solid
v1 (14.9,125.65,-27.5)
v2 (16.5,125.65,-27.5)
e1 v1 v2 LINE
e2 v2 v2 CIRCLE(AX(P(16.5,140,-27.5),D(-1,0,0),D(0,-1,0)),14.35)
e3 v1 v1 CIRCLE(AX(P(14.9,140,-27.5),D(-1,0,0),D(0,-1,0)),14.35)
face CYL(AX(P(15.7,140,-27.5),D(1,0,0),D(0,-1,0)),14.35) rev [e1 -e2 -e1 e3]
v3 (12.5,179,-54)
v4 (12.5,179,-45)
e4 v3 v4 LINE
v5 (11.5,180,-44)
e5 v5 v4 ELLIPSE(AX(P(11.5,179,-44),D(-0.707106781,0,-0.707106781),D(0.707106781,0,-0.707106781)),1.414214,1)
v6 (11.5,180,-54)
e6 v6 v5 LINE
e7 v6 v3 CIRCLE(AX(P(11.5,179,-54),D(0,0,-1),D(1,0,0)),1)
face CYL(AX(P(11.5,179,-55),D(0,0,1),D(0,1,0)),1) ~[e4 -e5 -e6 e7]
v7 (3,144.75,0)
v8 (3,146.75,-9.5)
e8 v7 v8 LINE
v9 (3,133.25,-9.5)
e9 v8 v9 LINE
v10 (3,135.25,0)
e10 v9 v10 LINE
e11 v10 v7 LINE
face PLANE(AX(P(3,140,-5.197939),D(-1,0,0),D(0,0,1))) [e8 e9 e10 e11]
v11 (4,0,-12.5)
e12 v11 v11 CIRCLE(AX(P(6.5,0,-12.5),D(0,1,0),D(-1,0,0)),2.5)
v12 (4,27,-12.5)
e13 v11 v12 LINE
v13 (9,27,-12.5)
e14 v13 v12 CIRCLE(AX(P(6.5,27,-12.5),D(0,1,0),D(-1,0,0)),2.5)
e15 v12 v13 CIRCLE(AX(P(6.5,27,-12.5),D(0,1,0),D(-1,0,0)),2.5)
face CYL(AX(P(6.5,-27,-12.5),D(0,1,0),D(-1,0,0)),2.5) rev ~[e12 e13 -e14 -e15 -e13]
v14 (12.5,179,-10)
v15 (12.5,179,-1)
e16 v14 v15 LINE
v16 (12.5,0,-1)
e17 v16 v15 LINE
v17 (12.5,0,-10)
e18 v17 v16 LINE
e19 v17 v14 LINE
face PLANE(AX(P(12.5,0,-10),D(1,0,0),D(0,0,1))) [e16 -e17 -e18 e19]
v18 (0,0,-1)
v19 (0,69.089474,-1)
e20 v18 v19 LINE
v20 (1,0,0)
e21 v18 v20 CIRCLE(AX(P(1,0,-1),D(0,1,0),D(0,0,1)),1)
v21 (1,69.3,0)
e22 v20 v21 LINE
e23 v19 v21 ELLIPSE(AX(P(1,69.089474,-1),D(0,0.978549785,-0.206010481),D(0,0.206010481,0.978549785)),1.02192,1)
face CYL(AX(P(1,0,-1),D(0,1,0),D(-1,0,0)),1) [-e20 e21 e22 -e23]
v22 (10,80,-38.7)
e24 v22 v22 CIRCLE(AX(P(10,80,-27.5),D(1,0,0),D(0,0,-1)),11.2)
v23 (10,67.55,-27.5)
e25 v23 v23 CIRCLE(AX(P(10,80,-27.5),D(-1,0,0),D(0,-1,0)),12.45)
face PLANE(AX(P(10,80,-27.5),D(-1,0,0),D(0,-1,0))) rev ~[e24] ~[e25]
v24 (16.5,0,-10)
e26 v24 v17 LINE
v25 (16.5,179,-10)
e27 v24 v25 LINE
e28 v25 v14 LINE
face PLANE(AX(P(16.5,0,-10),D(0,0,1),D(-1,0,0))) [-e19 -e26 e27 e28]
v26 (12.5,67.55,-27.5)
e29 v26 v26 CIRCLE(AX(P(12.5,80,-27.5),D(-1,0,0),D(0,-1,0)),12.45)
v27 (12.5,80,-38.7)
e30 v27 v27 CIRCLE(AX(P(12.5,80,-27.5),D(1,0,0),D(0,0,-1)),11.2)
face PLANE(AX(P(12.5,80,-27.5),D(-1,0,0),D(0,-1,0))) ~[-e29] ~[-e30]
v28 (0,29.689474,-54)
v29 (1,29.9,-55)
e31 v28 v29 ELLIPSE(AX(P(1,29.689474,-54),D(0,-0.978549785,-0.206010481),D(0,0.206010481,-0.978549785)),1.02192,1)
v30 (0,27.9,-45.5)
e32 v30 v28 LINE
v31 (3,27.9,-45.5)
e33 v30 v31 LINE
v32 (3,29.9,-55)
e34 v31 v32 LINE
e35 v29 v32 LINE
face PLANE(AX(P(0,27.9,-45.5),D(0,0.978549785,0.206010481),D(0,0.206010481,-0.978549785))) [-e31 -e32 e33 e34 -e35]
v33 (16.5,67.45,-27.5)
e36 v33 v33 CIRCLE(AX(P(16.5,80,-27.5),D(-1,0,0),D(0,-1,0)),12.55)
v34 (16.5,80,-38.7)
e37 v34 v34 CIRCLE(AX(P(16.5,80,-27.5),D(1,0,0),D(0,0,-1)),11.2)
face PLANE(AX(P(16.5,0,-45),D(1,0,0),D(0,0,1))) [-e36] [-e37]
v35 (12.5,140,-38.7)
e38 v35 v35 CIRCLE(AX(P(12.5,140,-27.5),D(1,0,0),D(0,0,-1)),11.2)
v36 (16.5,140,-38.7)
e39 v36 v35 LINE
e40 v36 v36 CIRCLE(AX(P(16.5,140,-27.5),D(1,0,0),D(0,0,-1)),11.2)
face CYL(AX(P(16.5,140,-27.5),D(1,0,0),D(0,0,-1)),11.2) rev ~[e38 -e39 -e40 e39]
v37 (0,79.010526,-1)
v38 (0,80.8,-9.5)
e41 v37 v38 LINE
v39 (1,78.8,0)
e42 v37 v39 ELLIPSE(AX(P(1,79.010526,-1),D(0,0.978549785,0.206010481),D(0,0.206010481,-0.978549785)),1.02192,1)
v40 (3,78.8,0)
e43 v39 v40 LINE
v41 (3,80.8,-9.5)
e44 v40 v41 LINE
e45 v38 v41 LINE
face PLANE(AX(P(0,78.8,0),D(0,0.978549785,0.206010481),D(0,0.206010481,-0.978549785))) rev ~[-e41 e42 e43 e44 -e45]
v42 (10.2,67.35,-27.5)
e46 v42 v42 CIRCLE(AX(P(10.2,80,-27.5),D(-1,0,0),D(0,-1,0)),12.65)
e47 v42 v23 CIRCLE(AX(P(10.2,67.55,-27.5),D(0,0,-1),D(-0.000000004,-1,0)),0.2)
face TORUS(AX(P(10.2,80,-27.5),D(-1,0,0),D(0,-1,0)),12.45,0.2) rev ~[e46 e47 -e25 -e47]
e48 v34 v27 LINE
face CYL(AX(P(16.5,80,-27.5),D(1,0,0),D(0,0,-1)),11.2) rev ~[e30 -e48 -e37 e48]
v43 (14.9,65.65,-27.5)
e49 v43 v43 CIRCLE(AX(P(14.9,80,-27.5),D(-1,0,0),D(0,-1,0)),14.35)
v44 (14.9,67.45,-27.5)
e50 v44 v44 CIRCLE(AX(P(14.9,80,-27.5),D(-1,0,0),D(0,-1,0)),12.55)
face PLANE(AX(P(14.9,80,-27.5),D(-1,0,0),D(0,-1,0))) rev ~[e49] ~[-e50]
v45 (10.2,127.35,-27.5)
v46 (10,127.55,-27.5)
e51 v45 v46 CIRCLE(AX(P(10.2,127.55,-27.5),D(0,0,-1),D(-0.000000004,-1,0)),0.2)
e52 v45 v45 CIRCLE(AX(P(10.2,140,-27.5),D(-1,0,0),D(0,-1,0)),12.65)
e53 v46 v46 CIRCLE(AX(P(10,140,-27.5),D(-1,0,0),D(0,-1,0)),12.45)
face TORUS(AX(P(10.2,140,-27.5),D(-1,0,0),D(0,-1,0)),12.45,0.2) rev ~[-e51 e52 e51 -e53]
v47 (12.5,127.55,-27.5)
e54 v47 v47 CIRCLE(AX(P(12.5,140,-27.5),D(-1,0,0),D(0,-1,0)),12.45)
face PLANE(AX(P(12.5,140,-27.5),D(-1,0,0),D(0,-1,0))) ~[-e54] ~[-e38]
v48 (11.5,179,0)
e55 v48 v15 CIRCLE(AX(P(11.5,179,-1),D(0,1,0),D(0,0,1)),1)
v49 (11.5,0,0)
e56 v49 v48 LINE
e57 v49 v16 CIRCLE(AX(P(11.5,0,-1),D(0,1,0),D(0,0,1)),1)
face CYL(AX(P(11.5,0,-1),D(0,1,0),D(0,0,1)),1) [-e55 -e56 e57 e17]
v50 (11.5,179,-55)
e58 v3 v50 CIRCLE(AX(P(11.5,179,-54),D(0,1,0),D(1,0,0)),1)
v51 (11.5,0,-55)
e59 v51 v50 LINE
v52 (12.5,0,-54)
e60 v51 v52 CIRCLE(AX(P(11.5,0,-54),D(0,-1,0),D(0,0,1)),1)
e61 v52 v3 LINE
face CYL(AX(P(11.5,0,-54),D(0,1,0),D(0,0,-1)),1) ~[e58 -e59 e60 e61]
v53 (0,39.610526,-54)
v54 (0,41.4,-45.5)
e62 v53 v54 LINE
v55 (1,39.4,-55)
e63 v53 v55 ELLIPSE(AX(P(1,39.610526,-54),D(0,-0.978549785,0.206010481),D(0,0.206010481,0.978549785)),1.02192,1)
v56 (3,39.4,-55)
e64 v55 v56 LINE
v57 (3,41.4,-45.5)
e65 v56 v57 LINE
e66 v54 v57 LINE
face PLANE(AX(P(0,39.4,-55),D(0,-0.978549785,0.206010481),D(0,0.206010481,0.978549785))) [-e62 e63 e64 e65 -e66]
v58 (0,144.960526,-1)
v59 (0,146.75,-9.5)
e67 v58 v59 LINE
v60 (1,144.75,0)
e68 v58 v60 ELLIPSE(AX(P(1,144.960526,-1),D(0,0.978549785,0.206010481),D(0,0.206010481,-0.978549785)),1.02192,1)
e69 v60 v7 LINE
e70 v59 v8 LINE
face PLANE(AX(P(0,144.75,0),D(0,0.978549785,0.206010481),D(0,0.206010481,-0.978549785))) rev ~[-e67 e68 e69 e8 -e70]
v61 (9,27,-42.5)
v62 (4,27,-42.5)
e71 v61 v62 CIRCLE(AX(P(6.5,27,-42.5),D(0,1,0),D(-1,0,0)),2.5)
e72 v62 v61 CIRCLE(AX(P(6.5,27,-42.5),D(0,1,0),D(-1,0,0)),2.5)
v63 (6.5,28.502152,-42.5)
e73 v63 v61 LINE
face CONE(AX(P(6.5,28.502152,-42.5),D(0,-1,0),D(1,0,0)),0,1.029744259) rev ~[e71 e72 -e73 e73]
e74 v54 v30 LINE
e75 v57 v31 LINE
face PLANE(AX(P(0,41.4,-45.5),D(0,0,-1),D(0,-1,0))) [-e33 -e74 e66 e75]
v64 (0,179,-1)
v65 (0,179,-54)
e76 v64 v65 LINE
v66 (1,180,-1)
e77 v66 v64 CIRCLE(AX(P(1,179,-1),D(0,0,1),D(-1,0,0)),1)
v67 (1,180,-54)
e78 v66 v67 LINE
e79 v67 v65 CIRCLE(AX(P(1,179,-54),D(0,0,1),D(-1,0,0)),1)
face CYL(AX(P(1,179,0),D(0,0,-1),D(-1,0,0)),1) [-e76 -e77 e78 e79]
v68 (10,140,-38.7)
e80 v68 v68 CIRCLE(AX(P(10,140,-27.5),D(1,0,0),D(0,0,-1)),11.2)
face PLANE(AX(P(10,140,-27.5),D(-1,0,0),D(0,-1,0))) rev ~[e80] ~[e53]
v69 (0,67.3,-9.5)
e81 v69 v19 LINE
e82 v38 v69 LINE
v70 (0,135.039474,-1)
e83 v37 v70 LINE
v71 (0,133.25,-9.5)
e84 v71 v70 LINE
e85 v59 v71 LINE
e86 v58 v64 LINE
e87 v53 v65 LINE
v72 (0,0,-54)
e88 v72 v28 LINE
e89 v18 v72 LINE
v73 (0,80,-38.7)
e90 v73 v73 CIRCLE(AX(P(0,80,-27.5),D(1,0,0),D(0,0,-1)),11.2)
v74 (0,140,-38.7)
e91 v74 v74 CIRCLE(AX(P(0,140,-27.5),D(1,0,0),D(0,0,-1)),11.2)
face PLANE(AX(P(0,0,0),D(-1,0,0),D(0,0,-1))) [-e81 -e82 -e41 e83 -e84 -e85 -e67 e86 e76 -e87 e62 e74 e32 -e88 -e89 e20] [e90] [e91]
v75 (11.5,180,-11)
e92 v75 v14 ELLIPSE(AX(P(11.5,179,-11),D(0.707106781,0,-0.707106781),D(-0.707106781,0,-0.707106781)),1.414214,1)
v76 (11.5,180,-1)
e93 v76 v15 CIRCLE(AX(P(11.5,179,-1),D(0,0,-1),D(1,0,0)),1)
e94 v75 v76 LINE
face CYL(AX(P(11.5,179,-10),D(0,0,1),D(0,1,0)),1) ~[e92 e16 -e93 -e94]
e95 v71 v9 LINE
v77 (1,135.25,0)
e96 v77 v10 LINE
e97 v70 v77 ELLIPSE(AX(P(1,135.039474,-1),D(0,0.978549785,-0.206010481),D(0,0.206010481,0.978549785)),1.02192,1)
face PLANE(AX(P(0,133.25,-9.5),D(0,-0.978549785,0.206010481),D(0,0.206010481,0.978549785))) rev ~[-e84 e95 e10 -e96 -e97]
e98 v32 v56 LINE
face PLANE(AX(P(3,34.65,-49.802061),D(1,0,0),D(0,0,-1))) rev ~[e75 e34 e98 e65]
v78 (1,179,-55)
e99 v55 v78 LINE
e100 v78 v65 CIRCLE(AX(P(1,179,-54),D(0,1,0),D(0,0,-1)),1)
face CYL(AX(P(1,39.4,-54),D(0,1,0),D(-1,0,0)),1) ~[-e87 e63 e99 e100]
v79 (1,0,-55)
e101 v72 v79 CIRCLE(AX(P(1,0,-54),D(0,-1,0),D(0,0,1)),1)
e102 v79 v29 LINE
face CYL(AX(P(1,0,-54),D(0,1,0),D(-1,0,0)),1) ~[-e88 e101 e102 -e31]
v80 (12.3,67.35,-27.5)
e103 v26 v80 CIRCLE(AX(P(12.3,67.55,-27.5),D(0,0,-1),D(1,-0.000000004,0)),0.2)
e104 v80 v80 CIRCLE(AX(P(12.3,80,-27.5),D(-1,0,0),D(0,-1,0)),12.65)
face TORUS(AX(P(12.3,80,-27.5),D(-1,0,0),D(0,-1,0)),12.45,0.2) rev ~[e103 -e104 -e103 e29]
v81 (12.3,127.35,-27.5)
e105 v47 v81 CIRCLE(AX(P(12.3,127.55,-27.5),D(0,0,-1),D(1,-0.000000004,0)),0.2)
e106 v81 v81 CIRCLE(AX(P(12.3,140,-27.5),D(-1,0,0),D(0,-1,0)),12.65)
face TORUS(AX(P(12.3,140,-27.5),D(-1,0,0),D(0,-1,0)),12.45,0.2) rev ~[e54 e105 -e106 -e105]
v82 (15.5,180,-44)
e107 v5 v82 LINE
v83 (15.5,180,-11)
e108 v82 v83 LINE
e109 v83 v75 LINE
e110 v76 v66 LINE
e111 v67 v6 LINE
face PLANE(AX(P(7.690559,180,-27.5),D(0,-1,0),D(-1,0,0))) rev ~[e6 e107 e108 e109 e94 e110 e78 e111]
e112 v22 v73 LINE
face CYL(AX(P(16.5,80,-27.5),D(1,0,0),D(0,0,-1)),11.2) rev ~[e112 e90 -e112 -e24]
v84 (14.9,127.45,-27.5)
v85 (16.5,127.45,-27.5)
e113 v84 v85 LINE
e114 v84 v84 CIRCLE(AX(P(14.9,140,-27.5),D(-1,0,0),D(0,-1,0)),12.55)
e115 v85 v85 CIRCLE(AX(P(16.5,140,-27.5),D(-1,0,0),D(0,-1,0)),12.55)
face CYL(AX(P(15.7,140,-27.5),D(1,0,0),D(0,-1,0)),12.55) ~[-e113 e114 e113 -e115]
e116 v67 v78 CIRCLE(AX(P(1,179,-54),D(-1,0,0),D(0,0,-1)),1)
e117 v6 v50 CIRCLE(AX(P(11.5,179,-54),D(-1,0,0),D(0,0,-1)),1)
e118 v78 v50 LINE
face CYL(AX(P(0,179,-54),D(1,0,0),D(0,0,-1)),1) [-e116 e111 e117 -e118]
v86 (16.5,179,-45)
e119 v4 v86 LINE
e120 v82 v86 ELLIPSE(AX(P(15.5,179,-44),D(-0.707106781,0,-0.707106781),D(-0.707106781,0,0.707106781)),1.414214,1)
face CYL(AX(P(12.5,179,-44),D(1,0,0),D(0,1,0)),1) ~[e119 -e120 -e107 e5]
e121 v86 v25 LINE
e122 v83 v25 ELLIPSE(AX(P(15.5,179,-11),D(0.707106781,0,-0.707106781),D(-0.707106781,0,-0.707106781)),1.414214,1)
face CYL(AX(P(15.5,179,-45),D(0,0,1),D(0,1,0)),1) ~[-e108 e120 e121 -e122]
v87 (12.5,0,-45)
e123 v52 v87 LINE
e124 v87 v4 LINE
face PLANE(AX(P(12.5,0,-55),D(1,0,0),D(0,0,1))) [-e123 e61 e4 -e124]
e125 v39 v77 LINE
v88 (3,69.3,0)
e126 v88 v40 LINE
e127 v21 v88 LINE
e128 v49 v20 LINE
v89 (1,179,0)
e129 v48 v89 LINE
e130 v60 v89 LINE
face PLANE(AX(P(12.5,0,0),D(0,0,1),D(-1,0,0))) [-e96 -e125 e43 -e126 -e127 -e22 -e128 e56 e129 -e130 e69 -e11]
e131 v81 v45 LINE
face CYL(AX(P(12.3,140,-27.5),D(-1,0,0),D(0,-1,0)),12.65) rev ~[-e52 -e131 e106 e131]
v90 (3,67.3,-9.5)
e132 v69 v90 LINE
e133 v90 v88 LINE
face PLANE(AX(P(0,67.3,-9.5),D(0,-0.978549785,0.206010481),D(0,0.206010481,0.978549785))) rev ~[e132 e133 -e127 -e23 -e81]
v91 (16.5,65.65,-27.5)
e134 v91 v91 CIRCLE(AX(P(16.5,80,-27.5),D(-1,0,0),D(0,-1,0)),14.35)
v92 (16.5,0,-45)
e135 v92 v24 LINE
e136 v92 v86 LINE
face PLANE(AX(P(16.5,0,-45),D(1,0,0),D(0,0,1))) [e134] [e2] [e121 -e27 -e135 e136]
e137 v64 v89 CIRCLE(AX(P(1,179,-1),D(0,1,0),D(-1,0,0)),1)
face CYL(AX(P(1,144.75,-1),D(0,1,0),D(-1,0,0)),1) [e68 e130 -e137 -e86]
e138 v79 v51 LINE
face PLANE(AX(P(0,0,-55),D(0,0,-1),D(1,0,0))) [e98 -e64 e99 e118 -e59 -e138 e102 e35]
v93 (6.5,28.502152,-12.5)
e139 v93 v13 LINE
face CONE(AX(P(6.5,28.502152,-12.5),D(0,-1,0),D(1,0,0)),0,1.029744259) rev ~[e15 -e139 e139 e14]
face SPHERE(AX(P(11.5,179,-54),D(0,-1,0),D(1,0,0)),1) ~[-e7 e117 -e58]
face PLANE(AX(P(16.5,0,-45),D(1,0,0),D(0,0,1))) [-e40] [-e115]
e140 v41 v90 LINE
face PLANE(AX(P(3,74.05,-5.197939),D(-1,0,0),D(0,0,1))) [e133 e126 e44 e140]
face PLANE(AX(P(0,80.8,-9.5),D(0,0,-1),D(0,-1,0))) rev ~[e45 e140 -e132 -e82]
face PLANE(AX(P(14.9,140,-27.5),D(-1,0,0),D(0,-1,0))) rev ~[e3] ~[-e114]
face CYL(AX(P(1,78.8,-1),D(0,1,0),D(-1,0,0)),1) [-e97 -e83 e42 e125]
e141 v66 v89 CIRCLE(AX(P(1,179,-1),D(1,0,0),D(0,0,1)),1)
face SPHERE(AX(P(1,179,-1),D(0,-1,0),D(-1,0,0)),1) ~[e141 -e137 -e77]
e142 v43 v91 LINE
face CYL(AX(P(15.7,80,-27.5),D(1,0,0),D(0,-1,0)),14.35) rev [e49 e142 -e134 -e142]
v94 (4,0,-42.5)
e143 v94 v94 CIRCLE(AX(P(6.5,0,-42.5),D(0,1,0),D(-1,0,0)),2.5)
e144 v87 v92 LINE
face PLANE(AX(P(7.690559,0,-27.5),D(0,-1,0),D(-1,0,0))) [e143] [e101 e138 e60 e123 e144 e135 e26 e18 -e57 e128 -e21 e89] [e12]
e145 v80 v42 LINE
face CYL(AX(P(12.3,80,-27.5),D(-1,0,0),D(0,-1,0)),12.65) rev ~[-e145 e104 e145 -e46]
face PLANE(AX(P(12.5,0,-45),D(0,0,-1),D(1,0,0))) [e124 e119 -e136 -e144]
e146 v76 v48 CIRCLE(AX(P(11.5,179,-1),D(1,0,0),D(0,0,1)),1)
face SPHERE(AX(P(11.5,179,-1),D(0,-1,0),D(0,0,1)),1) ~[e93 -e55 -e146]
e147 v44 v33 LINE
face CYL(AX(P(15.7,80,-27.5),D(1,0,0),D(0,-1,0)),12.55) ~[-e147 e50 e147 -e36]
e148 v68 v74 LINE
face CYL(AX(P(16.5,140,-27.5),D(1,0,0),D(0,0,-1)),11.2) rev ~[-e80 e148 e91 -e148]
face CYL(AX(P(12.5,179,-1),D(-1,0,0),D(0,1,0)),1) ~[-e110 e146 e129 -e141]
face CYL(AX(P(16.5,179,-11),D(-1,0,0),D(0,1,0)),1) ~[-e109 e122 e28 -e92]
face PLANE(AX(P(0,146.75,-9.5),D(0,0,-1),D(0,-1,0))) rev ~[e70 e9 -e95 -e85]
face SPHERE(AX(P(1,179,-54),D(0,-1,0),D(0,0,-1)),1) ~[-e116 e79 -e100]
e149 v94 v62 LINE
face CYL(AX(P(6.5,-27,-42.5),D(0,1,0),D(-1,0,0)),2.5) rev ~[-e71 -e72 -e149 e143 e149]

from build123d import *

# Parameters (mm, degrees)
BOSS_EXTRUDE1_DEPTH   = 180
SKETCH3_R             = 11.2
CUT_EXTRUDE1_DEPTH    = 17.5
SKETCH11_W            = 1.6
SKETCH11_H            = 1.8
LPATTERN1_COUNT       = 2
LPATTERN1_PITCH       = 60
M6_TAPPED_HOLE1_D     = 5
M6_TAPPED_HOLE1_DEPTH = 27
M6_TAPPED_HOLE1_TIP   = 1.502151548
CUT_EXTRUDE2_DEPTH    = 3
FILLET1_R             = 1


with BuildPart() as part:
    # Sketch1 → Boss-Extrude1 (new body)
    with BuildSketch(Plane(origin=(0, 0, 0), x_dir=(1, 0, 0), z_dir=(0, 1, 0))):
        Polygon((0, 0), (0, 55), (12.5, 55), (12.5, 45), (16.5, 45), (16.5, 10), (12.5, 10), (12.5, 0), align=None)
    extrude(amount=BOSS_EXTRUDE1_DEPTH)

    # Sketch3 → Cut-Extrude1 (cut, through all)
    with BuildSketch(Plane(origin=(16.5, 0, 0), x_dir=(0, 0, -1), z_dir=(1, 0, 0))):
        with Locations((27.5, 80)):
            Circle(SKETCH3_R)
    cut_extrude1 = extrude(amount=-CUT_EXTRUDE1_DEPTH, mode=Mode.SUBTRACT)

    # Sketch11 → Cut-Revolve1 (revolve, cut)
    with BuildSketch(Plane.XY.offset(-27.5)):
        with BuildLine():
            Line((10, 69.15), (12.5, 69.15))
            Line((12.5, 69.15), (12.5, 67.55))
            ThreePointArc((12.5, 67.55), (12.441421356, 67.408578644), (12.3, 67.35))
            Line((12.3, 67.35), (10.2, 67.35))
            ThreePointArc((10.2, 67.35), (10.058578644, 67.408578644), (10, 67.55))
            Line((10, 67.55), (10, 69.15))
        make_face()
        with Locations((15.7, 66.55)):
            Rectangle(SKETCH11_W, SKETCH11_H)
    cut_revolve1 = revolve(axis=Axis((16.5, 80, -27.5), (-1, 0, 0)), mode=Mode.SUBTRACT)

    # LPattern1: Cut-Extrude1, Cut-Revolve1 ×2
    with Locations(*[(0, i * LPATTERN1_PITCH, 0) for i in range(1, LPATTERN1_COUNT)]):
        add(cut_extrude1, mode=Mode.SUBTRACT)
        add(cut_revolve1, mode=Mode.SUBTRACT)

    # M6 Tapped Hole1
    with Locations(Plane.XZ):
        with Locations((6.5, -12.5), (6.5, -42.5)):
            Hole(M6_TAPPED_HOLE1_D / 2, depth=M6_TAPPED_HOLE1_DEPTH)
            with Locations((0, 0, -(M6_TAPPED_HOLE1_DEPTH + M6_TAPPED_HOLE1_TIP / 2))):  # 118° drill point
                Cone(0, M6_TAPPED_HOLE1_D / 2, M6_TAPPED_HOLE1_TIP, mode=Mode.SUBTRACT)

    # Sketch15 → Cut-Extrude2 (cut)
    with BuildSketch(Plane.ZY):
        Polygon((0, 144.75), (-9.5, 146.75), (-9.5, 133.25), (0, 135.25), align=None)
        Polygon((0, 78.8), (-9.5, 80.8), (-9.5, 67.3), (0, 69.3), align=None)
        Polygon((-55, 39.4), (-45.5, 41.4), (-45.5, 27.9), (-55, 29.9), align=None)
    extrude(amount=-CUT_EXTRUDE2_DEPTH, mode=Mode.SUBTRACT)

    # Fillet1
    fillet1_edges = [part.edges().sort_by_distance(p)[0] for p in [
        (14.5, 180, -10),
        (16.5, 180, -27.5),
        (0, 162.375, 0),
        (0, 109.7, -55),
        (12.5, 90, -55),
        (12.5, 90, 0),
        (14.5, 180, -45),
        (12.5, 180, -50),
        (6.25, 180, -55),
        (0, 180, -27.5),
        (6.25, 180, 0),
        (12.5, 180, -5),
        (0, 107.025, 0),
        (0, 34.65, 0),
        (0, 14.95, -55),
    ]]
    fillet(fillet1_edges, radius=FILLET1_R)


solid = part.part
